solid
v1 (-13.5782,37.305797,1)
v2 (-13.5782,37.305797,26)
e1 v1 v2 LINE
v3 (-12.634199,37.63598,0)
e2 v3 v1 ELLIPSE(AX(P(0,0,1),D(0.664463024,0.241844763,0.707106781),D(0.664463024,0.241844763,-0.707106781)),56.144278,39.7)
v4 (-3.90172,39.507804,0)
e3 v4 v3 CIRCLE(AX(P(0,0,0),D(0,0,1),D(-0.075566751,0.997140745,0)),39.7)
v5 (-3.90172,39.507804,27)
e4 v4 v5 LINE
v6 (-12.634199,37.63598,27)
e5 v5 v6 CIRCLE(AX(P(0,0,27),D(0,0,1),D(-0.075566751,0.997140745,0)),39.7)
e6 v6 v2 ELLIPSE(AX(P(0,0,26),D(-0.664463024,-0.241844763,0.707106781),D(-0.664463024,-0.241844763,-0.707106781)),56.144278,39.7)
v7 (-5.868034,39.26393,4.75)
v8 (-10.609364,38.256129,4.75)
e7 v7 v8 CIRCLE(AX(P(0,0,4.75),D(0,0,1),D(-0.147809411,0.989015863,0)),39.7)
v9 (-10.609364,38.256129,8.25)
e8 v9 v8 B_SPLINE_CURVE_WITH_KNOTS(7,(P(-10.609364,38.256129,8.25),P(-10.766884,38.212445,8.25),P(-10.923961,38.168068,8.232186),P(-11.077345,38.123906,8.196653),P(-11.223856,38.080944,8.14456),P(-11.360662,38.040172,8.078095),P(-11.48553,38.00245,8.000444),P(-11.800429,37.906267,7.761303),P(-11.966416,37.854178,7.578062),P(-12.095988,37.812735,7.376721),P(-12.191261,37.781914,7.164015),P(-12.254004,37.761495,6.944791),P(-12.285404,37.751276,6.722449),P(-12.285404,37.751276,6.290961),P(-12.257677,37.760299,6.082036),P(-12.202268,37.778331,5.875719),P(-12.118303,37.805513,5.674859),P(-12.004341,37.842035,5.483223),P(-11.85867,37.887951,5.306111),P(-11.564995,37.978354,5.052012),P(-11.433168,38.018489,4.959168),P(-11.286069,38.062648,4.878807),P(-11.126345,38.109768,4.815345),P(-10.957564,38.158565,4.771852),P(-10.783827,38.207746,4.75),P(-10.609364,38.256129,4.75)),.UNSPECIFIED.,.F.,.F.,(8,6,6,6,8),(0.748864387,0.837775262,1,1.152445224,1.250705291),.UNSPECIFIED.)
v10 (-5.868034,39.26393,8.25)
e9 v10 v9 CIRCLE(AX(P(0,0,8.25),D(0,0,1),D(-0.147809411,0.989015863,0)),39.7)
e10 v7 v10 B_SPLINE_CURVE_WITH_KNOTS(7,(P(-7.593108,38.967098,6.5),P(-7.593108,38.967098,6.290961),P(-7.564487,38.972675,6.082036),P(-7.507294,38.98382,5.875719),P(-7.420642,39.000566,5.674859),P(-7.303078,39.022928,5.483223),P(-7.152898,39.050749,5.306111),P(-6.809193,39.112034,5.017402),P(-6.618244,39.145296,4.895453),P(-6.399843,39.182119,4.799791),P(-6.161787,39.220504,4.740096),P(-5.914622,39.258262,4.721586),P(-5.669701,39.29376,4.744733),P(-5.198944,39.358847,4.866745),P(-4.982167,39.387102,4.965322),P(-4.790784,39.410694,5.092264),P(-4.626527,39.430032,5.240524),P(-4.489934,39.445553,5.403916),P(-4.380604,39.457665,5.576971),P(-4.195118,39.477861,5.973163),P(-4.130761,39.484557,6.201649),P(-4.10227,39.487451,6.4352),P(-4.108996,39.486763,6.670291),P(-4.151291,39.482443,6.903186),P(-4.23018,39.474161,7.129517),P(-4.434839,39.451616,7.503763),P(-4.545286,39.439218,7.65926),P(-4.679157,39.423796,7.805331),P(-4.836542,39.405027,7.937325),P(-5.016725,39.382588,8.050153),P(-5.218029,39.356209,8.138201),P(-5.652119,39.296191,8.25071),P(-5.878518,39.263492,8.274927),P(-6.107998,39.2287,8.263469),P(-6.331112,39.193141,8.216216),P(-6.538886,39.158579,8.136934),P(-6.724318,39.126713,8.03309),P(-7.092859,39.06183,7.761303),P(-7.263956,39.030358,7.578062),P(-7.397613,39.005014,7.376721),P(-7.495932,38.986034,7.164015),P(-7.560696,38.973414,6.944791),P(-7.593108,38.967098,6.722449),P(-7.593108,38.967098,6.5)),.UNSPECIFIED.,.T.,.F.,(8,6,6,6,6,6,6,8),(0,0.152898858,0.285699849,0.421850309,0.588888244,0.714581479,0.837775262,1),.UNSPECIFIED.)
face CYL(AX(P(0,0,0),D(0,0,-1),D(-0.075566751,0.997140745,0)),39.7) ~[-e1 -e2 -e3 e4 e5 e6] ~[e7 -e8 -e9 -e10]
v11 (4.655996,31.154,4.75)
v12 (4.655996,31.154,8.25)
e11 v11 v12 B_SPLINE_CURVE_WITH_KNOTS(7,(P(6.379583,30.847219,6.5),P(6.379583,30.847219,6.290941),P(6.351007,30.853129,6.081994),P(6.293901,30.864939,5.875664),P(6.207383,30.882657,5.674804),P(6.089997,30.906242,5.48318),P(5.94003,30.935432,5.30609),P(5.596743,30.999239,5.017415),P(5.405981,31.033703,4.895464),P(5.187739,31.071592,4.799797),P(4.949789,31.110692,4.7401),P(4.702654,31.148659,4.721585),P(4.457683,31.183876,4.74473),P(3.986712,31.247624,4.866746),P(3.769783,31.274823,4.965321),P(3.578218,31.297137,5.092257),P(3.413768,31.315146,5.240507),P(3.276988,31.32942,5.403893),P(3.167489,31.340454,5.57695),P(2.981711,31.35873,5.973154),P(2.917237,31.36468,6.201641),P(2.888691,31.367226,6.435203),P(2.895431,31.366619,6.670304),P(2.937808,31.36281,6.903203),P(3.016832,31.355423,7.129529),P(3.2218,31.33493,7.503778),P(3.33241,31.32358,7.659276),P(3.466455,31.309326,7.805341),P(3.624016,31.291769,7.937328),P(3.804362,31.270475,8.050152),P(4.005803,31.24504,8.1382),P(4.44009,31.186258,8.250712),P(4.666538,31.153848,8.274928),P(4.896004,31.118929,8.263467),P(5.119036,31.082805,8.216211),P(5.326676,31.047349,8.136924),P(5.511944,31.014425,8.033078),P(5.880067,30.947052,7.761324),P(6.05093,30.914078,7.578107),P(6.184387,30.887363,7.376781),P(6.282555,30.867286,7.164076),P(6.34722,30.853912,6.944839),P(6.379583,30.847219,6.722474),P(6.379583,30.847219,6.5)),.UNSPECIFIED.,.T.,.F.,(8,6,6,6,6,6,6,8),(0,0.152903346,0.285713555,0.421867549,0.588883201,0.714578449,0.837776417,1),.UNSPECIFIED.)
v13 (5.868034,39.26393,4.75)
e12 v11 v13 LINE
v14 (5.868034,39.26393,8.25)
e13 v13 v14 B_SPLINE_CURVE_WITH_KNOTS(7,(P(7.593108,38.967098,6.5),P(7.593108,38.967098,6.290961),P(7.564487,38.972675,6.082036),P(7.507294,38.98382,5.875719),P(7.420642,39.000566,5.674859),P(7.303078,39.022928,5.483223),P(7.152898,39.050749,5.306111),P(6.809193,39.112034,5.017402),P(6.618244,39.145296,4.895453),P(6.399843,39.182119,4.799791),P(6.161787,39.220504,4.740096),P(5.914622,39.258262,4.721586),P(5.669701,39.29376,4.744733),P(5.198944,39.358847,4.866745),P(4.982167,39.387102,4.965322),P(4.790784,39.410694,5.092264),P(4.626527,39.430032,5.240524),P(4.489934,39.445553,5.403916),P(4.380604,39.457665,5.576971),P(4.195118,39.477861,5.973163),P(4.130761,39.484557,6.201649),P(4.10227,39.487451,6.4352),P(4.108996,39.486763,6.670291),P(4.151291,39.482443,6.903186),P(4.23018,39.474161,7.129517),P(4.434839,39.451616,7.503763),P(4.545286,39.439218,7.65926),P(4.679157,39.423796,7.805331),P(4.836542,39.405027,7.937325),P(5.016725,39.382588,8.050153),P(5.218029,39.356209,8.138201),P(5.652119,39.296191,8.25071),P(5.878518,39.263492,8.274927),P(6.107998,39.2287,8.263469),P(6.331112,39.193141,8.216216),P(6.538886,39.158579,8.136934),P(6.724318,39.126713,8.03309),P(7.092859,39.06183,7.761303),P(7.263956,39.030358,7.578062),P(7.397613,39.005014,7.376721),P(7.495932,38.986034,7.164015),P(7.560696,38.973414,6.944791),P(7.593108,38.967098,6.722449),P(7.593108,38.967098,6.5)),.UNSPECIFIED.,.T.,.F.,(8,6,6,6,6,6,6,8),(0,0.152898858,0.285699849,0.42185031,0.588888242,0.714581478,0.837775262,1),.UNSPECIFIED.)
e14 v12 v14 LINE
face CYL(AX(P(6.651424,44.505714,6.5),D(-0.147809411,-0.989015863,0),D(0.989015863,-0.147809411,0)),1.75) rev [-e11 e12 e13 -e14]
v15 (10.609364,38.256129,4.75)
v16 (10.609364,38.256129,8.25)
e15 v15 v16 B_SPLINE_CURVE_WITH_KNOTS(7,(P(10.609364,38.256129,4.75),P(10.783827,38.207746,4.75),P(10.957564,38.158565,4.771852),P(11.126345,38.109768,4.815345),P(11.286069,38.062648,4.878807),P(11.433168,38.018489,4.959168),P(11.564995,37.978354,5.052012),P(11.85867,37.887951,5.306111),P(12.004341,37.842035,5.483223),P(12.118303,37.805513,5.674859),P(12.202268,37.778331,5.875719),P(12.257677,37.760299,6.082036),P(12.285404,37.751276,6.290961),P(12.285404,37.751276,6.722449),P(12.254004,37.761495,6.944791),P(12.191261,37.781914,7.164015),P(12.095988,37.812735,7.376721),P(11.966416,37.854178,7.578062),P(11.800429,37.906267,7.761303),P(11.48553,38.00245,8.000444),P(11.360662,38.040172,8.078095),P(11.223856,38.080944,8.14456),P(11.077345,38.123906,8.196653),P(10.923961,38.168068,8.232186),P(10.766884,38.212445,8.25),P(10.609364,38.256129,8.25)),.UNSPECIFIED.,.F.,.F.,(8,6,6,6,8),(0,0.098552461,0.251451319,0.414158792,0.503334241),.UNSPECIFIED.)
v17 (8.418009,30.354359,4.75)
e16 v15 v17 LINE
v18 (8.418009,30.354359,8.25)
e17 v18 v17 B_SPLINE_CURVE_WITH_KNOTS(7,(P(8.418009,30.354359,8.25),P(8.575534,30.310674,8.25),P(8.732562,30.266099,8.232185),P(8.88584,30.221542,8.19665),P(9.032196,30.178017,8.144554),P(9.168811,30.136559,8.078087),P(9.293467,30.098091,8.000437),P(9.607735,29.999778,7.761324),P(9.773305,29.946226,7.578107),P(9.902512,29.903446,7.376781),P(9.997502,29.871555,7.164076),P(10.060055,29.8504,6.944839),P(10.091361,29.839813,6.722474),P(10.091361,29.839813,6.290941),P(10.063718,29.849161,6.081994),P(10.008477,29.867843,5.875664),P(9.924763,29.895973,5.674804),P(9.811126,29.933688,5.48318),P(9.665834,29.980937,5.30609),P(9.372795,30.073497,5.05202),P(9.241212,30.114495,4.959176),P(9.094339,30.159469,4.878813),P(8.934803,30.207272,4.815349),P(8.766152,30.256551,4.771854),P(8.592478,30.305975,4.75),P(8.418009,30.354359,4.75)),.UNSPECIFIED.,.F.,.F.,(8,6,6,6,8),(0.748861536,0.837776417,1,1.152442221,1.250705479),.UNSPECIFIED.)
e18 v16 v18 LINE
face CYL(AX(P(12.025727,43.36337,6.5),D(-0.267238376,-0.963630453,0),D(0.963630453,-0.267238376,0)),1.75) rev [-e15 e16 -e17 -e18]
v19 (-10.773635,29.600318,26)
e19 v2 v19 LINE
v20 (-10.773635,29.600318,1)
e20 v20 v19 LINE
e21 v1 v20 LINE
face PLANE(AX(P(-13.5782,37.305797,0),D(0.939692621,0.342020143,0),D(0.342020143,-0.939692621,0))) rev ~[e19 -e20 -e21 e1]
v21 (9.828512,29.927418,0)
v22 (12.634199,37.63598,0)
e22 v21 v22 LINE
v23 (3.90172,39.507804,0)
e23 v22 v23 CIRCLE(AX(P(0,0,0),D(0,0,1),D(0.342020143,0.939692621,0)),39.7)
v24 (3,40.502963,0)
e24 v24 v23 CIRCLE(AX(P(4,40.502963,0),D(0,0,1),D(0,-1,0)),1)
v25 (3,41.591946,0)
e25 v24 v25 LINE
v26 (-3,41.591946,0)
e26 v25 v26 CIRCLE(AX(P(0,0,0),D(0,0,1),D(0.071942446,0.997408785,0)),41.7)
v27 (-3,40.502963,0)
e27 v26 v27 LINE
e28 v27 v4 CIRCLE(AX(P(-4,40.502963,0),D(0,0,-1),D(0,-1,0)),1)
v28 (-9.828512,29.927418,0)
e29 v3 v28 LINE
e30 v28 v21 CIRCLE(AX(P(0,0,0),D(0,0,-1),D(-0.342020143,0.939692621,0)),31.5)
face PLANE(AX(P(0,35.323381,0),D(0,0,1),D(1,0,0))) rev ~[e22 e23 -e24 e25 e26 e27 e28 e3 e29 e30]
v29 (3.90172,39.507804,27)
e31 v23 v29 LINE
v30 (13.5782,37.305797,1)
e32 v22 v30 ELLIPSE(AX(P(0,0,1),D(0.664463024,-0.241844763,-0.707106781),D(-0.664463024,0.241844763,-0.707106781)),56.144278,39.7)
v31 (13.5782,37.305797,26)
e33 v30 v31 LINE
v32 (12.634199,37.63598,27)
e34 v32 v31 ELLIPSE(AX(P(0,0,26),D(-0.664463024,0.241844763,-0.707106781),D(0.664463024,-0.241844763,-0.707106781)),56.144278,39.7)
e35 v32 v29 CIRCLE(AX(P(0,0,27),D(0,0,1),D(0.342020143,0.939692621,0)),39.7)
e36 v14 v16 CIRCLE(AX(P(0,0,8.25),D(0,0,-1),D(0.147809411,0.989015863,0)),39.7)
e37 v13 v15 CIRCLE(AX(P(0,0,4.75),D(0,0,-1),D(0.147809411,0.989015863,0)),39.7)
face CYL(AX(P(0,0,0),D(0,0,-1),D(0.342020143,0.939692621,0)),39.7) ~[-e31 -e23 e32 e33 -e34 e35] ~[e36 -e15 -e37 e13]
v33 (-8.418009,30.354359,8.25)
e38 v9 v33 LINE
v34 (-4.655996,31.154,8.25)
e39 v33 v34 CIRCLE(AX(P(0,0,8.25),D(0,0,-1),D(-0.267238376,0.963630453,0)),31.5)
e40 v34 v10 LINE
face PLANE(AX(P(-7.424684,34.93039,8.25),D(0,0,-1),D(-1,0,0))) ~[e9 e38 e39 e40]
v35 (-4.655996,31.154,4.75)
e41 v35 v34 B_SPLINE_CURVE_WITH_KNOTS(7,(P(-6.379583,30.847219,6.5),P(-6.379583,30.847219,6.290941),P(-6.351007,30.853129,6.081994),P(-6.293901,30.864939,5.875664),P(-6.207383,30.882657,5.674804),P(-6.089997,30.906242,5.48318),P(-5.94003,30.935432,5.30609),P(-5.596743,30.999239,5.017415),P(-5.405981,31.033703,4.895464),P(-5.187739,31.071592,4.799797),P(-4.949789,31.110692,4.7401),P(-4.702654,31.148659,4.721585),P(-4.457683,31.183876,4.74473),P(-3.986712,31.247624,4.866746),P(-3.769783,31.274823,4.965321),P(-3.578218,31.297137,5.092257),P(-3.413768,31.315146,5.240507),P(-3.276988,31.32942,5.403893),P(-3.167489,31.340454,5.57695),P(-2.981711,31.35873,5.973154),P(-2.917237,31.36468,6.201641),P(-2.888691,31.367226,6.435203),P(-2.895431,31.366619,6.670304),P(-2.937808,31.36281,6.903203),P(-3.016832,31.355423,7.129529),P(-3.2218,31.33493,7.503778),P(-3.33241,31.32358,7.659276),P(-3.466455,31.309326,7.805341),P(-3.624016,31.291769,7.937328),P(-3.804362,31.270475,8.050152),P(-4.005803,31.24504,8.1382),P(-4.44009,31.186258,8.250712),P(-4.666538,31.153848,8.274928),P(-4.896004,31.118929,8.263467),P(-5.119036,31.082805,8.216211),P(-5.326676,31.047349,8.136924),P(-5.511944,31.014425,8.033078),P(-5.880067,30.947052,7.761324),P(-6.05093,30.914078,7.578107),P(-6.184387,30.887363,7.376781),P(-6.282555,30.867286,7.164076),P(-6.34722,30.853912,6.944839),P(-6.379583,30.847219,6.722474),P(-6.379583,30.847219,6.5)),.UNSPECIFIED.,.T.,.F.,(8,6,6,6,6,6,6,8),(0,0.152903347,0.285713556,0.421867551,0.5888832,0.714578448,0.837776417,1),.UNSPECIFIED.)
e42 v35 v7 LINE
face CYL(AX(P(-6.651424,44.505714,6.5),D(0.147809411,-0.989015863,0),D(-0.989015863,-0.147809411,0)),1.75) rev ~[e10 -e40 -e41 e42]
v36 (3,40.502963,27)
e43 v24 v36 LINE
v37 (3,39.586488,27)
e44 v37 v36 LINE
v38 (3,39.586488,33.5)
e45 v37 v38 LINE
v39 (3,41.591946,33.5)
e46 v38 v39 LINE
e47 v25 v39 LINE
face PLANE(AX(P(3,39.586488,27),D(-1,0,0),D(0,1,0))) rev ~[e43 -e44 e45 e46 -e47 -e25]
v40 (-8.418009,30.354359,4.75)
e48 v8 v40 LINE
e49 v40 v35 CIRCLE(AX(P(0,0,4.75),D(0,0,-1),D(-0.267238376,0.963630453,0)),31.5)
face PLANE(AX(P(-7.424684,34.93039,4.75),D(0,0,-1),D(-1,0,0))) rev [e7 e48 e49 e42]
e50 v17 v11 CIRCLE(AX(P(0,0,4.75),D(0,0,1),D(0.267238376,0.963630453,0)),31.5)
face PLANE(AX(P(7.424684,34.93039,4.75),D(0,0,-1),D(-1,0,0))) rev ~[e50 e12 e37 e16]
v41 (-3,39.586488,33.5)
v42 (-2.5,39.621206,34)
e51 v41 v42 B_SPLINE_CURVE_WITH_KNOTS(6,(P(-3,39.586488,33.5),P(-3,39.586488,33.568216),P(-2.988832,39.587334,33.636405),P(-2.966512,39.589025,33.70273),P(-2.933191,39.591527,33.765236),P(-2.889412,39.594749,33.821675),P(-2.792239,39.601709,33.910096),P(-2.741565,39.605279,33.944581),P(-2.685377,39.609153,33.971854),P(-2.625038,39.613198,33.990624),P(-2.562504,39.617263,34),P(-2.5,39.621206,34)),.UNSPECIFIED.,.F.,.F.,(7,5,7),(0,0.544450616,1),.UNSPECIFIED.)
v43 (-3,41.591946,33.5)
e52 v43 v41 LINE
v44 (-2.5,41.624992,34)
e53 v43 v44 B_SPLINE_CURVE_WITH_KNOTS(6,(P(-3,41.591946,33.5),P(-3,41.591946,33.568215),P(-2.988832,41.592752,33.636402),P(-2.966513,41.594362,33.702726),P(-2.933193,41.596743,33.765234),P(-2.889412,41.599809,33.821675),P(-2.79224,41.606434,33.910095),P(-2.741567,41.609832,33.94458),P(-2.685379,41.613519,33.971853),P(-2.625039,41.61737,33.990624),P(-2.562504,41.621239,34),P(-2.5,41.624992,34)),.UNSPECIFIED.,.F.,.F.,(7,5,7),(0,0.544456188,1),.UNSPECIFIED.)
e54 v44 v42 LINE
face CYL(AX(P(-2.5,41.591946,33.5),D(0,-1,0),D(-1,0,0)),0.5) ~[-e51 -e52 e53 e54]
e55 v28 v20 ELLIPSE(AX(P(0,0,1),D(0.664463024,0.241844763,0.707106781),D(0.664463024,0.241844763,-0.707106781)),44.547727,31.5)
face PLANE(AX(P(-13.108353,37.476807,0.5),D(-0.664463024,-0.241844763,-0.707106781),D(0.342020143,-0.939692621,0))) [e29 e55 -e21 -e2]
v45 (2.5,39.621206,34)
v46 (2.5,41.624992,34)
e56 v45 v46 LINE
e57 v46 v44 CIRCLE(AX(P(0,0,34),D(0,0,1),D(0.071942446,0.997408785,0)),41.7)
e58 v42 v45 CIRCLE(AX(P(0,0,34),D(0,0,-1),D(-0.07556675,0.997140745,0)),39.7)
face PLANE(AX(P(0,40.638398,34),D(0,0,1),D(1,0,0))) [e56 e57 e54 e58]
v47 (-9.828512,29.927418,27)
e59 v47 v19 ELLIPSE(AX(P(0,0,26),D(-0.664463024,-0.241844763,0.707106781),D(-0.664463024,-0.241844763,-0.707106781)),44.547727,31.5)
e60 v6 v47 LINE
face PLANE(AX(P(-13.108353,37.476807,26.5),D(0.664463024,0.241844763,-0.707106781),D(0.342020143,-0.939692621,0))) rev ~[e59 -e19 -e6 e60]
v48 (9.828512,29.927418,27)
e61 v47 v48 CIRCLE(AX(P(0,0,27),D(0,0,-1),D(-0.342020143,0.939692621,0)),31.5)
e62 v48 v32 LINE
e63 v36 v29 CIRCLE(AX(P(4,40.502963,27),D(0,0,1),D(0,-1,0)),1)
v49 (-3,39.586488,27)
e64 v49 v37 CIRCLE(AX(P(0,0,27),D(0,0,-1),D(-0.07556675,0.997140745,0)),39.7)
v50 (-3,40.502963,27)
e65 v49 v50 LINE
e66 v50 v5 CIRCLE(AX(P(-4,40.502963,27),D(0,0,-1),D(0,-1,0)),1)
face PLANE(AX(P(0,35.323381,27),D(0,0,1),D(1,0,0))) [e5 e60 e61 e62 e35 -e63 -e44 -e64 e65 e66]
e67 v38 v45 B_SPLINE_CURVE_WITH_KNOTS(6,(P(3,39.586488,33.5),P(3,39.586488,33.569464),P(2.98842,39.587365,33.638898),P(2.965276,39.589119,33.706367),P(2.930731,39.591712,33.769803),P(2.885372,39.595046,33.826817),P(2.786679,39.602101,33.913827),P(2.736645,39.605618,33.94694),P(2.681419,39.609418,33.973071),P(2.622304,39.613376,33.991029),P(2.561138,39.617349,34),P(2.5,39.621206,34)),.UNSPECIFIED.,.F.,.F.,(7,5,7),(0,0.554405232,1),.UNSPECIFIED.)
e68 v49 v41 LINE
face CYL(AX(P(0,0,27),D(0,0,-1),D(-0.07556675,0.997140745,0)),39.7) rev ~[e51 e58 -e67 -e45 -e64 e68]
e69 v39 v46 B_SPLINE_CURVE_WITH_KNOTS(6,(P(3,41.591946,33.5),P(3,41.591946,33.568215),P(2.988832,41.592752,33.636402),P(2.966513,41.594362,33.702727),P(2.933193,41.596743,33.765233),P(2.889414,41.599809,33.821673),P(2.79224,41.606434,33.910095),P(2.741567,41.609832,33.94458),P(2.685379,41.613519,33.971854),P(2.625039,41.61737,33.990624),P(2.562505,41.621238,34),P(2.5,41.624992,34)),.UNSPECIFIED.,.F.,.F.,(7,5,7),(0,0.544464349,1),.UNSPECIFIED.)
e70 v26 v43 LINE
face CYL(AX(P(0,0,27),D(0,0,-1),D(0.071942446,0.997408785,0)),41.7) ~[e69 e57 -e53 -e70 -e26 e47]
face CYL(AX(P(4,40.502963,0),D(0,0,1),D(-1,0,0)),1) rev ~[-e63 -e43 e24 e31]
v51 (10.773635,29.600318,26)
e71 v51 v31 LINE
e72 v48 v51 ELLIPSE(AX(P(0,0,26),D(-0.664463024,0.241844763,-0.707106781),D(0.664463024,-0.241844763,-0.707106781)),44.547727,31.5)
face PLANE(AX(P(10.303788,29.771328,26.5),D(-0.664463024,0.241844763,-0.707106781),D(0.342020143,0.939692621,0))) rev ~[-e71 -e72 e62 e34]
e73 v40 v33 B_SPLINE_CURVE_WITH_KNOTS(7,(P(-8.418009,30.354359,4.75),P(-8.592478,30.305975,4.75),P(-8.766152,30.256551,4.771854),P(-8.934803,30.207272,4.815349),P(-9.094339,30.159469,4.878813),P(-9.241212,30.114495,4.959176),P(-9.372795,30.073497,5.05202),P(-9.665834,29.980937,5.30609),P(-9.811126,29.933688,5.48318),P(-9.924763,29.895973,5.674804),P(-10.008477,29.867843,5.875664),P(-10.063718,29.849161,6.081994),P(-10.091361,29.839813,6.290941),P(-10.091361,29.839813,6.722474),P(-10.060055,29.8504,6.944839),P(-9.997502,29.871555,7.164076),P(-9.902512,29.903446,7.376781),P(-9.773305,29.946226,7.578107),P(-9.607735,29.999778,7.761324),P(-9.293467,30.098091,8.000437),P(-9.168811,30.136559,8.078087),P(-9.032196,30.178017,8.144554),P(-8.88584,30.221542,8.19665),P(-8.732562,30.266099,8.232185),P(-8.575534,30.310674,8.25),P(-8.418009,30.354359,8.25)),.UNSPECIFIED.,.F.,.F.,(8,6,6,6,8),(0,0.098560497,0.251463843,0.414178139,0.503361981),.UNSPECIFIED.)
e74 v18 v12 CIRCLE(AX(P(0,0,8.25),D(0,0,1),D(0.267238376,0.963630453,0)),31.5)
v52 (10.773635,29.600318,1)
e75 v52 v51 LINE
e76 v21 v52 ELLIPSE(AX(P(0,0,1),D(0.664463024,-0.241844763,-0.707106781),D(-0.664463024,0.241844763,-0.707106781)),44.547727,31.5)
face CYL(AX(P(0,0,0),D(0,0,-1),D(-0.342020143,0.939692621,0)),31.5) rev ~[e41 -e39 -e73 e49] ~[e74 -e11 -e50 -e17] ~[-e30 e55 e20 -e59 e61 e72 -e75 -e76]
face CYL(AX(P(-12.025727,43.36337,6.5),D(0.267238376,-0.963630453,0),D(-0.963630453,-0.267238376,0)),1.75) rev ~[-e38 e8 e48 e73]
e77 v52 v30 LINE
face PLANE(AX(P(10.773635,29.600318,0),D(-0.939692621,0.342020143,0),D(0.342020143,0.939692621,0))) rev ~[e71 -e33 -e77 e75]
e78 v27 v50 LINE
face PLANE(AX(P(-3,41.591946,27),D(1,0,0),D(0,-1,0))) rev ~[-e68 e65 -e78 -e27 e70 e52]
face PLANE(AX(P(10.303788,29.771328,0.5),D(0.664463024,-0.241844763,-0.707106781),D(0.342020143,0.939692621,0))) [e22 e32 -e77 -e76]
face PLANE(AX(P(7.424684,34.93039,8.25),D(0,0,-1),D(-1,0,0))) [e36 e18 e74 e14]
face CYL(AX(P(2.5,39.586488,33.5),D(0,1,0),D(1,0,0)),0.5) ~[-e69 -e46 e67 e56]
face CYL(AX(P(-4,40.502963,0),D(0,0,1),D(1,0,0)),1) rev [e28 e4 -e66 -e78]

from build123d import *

# Parameters (mm, degrees)
EXTRUDE_1_DEPTH          = 27
EXTRUDE_2_DEPTH          = 7
PATTERN_CIRCULAR_1_COUNT = 2
PATTERN_CIRCULAR_1_ANGLE = 7
CUT_EXTRUDE_2_DEPTH      = 1.75
FILLET_1_R               = 1
CHAMFER_1_SIZE           = 1
FILLET_2_R               = 0.5


with BuildPart() as part:
    # Эскиз1 → Бобышка-Вытянуть1 (new body)
    with BuildSketch(Plane.XY):
        with BuildLine():
            Line((10.773634515, 29.600317555), (13.57819969, 37.305797045))
            ThreePointArc((13.57819969, 37.305797045), (8.367171779, 38.808252169), (3, 39.586487594))
            Line((3, 39.586487594), (3, 41.591946336))
            ThreePointArc((3, 41.591946336), (0, 41.7), (-3, 41.591946336))
            Line((-3, 41.591946336), (-3, 39.586487594))
            ThreePointArc((-3, 39.586487594), (-8.367171779, 38.808252169), (-13.57819969, 37.305797045))
            Line((-13.57819969, 37.305797045), (-10.773634515, 29.600317555))
            ThreePointArc((-10.773634515, 29.600317555), (0, 31.5), (10.773634515, 29.600317555))
        make_face()
    extrude(amount=EXTRUDE_1_DEPTH)

    # Эскиз2 → Бобышка-Вытянуть2 (add)
    with BuildSketch(Plane.XY.offset(27)):
        with BuildLine():
            Line((3, 39.586487594), (3, 41.591946336))
            ThreePointArc((3, 41.591946336), (0, 41.7), (-3, 41.591946336))
            Line((-3, 41.591946336), (-3, 39.586487594))
            ThreePointArc((-3, 39.586487594), (0, 39.7), (3, 39.586487594))
        make_face()
    extrude(amount=EXTRUDE_2_DEPTH)

    # Эскиз4 → Вырез-Повернуть1 (revolve, cut)
    with BuildSketch(Plane.XY.offset(6.5)):
        Polygon((13.712080217, 42.895703236), (8.367312695, 23.623094172), (6.680959402, 24.09076133), (12.025726924, 43.363370394), align=None)
    cut_revolve_1 = revolve(axis=Axis((0, 0, 6.5), (0.2672383760782575, 0.9636304532086228, 0)), mode=Mode.SUBTRACT)

    # Круговой массив1: Вырез-Повернуть1 ×2 about axis
    pattern_circular_1_axis = Axis((0, 0, 27), (0, 0, 1))
    for i in range(1, PATTERN_CIRCULAR_1_COUNT):
        add(cut_revolve_1.rotate(pattern_circular_1_axis, i * PATTERN_CIRCULAR_1_ANGLE / (PATTERN_CIRCULAR_1_COUNT - 1)), mode=Mode.SUBTRACT)

    # Эскиз6 → Вырез-Вытянуть2 (cut, symmetric)
    with BuildSketch(Plane.XY.offset(6.5)):
        with BuildLine():
            Line((4.655996451, 31.153999696), (5.868033622, 39.263929775))
            ThreePointArc((5.868033622, 39.263929775), (8.254094125, 38.832459749), (10.60936353, 38.256128992))
            Line((10.60936353, 38.256128992), (8.418008846, 30.354359276))
            ThreePointArc((8.418008846, 30.354359276), (6.549218261, 30.811649423), (4.655996451, 31.153999696))
        make_face()
    cut_extrude_2 = extrude(amount=CUT_EXTRUDE_2_DEPTH, both=True, mode=Mode.SUBTRACT)

    # Зеркальное отражение1: Вырез-Повернуть1, Вырез-Вытянуть2 across plane
    add(cut_revolve_1.mirror(Plane(origin=(0, 0, 0), x_dir=(0, 0, 1), z_dir=(1, 0, 0))), mode=Mode.SUBTRACT)
    add(cut_extrude_2.mirror(Plane(origin=(0, 0, 0), x_dir=(0, 0, 1), z_dir=(1, 0, 0))), mode=Mode.SUBTRACT)

    # Зеркальное отражение1 copy 1 sketch → Зеркальное отражение1 copy 1 (revolve, cut)
    with BuildSketch(Plane(origin=(0, 0, 6.5), x_dir=(-0.992546151641322, 0.12186934340514775, 0), z_dir=(0, 0, 1))):
        Polygon((13.712080217, -42.895703236), (8.367312695, -23.623094172), (6.680959402, -24.09076133), (12.025726924, -43.363370394), align=None)
    revolve(axis=Axis((0, 0, 6.5), (0.147809411129611, -0.9890158633619167, 0)), mode=Mode.SUBTRACT)

    # Скругление1
    fillet_1_edges = [part.edges().sort_by_distance(p)[0] for p in [
        (-3, 39.586487594, 13.5),
        (3, 39.586487594, 13.5),
    ]]
    fillet(fillet_1_edges, radius=FILLET_1_R)

    # Фаска1
    chamfer_1_edges = [part.edges().sort_by_distance(p)[0] for p in [
        (12.175917102, 33.4530573, 0),
        (-12.175917102, 33.4530573, 27),
        (-12.175917102, 33.4530573, 0),
        (12.175917102, 33.4530573, 27),
    ]]
    chamfer(chamfer_1_edges, length=CHAMFER_1_SIZE)

    # Скругление2
    fillet_2_edges = [part.edges().sort_by_distance(p)[0] for p in [
        (-3, 40.589216965, 34),
        (3, 40.589216965, 34),
    ]]
    fillet(fillet_2_edges, radius=FILLET_2_R)


solid = part.part
